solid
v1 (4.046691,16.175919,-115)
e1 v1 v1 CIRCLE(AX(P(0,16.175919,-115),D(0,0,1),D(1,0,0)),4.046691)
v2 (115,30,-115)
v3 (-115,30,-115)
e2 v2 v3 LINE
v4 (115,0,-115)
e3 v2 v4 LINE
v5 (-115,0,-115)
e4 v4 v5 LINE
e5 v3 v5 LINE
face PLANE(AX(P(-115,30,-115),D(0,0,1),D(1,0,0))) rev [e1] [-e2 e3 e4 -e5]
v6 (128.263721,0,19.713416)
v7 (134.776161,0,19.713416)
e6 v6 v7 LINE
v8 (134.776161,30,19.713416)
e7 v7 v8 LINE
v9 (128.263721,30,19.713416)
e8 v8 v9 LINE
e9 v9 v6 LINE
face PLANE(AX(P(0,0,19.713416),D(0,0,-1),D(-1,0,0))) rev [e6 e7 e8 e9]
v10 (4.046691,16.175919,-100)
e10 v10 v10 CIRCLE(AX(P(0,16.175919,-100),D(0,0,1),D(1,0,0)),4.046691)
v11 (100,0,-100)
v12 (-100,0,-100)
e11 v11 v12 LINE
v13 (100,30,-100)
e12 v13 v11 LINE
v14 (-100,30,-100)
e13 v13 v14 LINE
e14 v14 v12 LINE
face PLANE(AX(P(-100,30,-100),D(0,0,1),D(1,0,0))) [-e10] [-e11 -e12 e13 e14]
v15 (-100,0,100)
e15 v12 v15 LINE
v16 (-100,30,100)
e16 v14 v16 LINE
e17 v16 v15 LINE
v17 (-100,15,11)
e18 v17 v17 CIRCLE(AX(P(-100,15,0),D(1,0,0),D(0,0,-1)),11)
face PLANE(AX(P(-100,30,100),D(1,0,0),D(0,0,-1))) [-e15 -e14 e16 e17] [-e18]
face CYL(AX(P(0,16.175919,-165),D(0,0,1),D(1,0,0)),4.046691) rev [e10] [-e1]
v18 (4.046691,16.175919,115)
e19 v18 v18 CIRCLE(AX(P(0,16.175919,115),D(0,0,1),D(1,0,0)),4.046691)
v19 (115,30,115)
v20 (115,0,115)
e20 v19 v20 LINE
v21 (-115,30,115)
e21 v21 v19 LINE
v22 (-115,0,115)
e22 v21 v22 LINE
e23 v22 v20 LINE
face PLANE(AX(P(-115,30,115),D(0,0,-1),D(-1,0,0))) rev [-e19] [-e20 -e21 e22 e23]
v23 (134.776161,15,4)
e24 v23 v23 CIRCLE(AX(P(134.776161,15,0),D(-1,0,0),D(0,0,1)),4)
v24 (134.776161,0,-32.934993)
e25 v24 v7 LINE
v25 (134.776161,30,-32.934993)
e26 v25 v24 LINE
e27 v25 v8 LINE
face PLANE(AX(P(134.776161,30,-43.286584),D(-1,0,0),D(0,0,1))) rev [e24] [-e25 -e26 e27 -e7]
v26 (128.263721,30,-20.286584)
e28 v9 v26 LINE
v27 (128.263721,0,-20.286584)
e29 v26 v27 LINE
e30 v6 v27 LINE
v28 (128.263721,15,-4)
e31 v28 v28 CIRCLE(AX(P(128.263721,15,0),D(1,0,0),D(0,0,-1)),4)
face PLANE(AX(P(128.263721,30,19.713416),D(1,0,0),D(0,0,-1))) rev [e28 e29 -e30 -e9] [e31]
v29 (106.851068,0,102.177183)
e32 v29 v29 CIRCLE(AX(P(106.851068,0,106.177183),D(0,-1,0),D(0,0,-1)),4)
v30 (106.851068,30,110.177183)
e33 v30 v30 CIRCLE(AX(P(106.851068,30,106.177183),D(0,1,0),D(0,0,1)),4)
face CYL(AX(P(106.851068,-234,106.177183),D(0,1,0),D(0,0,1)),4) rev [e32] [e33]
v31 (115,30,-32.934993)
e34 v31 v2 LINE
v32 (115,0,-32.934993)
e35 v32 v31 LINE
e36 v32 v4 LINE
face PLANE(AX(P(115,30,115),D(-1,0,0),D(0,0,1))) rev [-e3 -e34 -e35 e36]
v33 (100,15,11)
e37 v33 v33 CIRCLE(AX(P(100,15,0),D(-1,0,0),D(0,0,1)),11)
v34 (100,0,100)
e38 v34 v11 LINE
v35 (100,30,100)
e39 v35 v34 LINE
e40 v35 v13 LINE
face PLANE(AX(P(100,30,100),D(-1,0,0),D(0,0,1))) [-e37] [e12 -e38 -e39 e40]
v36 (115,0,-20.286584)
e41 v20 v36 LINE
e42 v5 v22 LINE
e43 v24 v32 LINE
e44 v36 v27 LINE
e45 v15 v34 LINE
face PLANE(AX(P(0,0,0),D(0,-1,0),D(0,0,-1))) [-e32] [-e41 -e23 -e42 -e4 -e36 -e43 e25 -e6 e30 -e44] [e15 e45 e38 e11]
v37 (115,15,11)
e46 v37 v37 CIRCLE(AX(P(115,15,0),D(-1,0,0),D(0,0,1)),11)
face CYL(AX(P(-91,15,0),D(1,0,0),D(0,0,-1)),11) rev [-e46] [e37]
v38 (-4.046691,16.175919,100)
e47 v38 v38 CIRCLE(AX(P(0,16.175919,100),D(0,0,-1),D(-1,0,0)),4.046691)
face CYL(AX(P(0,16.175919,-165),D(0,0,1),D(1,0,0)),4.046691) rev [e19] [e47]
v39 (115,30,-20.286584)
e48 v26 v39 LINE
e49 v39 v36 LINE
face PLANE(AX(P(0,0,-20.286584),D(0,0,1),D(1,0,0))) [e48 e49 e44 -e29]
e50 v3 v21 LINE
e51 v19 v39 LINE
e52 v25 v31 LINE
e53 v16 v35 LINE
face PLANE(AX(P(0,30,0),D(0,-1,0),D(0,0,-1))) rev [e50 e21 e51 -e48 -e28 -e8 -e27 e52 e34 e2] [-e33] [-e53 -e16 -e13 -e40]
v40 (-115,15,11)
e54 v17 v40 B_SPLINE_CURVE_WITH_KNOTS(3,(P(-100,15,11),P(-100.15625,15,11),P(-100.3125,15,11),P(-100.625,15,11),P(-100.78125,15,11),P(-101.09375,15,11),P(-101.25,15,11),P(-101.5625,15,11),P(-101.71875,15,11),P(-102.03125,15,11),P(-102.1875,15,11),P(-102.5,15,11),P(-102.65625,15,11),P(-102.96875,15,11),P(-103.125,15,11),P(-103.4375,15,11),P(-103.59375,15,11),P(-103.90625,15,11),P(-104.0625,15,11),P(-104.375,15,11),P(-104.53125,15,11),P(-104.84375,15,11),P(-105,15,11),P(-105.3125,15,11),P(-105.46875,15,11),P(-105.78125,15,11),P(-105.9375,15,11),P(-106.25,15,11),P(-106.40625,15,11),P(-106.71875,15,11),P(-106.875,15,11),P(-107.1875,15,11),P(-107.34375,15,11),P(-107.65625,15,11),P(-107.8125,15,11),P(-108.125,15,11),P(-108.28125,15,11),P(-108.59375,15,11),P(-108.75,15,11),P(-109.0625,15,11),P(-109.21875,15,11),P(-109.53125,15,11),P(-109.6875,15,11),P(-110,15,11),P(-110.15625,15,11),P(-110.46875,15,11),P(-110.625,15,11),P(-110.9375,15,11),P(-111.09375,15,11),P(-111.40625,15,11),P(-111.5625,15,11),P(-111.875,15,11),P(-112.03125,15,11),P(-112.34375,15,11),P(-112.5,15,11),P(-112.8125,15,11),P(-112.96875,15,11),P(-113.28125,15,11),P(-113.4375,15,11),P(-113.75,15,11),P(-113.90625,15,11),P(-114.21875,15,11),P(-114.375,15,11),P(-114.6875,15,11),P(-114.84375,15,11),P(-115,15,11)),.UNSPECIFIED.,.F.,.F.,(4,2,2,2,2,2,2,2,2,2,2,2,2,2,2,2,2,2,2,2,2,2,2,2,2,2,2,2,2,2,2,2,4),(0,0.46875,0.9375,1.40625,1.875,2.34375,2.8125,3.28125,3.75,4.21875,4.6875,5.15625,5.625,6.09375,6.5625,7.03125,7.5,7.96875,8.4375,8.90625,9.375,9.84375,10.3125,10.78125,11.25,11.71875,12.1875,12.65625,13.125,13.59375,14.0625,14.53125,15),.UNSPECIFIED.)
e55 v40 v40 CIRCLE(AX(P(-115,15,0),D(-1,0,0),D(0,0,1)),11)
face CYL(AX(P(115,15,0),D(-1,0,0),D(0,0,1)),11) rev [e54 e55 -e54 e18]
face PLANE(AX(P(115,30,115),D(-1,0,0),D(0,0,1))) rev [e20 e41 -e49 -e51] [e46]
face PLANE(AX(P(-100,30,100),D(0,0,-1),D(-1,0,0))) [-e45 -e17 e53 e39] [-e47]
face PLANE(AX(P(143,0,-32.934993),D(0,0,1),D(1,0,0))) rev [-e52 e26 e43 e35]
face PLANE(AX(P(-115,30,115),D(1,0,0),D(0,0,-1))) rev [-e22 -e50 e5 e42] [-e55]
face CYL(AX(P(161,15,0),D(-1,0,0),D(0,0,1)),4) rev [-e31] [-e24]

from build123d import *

# Parameters (mm, degrees)
SKETCH1_W           = 230
SKETCH1_H           = 230
SKETCH1_W_2         = 200
SKETCH1_H_2         = 200
BOSS_EXTRUDE1_DEPTH = 30
SKETCH2_R           = 11
CUT_EXTRUDE3_DEPTH  = 206
SKETCH3_W           = 12.648408852
SKETCH3_H           = 30
BOSS_EXTRUDE2_DEPTH = 28
SKETCH4_W           = 33.277006623
SKETCH4_H           = 30
BOSS_EXTRUDE4_DEPTH = 41
SKETCH6_R           = 4
CUT_EXTRUDE4_DEPTH  = 218
SKETCH8_R           = 4.046690546
CUT_EXTRUDE6_DEPTH  = 280
CUT_EXTRUDE7_START  = -230
SKETCH9_R           = 11
CUT_EXTRUDE7_DEPTH  = 230
SKETCH11_W          = 19.776160892
SKETCH11_H          = 30
CUT_EXTRUDE8_DEPTH  = 41
SKETCH12_R          = 4
CUT_EXTRUDE9_DEPTH  = 264
SKETCH13_R          = 4
CUT_EXTRUDE10_DEPTH = 264
SKETCH15_W          = 8.223839108
SKETCH15_H          = 30
CUT_EXTRUDE11_DEPTH = 64
SKETCH16_W          = 6.512440182
SKETCH16_H          = 30
BOSS_EXTRUDE5_DEPTH = 40
SKETCH17_R          = 4
CUT_EXTRUDE12_DEPTH = 276


with BuildPart() as part:
    # Sketch1 → Boss-Extrude1 (new body)
    with BuildSketch(Plane(origin=(0, 0, 0), x_dir=(1, 0, 0), z_dir=(0, 1, 0))):
        Rectangle(SKETCH1_W, SKETCH1_H)
        Rectangle(SKETCH1_W_2, SKETCH1_H_2, mode=Mode.SUBTRACT)
    extrude(amount=BOSS_EXTRUDE1_DEPTH)

    # Sketch2 → Cut-Extrude3 (cut)
    with BuildSketch(Plane(origin=(115, 0, 0), x_dir=(0, 0, -1), z_dir=(1, 0, 0))):
        with Locations((0, 15)):
            Circle(SKETCH2_R)
    extrude(amount=-CUT_EXTRUDE3_DEPTH, mode=Mode.SUBTRACT)

    # Sketch3 → Boss-Extrude2 (add)
    with BuildSketch(Plane(origin=(115, 0, 0), x_dir=(0, 0, -1), z_dir=(1, 0, 0))):
        with Locations((26.610788675, 15)):
            Rectangle(SKETCH3_W, SKETCH3_H)
    extrude(amount=BOSS_EXTRUDE2_DEPTH)

    # Sketch4 → Boss-Extrude4 (add)
    with BuildSketch(Plane.XY.offset(-20.286584249)):
        with Locations((126.361496689, 15)):
            Rectangle(SKETCH4_W, SKETCH4_H)
    extrude(amount=BOSS_EXTRUDE4_DEPTH)

    # Sketch6 → Cut-Extrude4 (cut)
    with BuildSketch(Plane.ZY.offset(115)):
        with Locations((0, 15)):
            Circle(SKETCH6_R)
    extrude(amount=-CUT_EXTRUDE4_DEPTH, mode=Mode.SUBTRACT)

    # Sketch8 → Cut-Extrude6 (cut)
    with BuildSketch(Plane.XY.offset(115)):
        with Locations((0, 16.175919114)):
            Circle(SKETCH8_R)
    extrude(amount=-CUT_EXTRUDE6_DEPTH, mode=Mode.SUBTRACT)

    # Sketch9 → Cut-Extrude7 (cut)
    with BuildSketch(Plane.ZY.offset(115).offset(CUT_EXTRUDE7_START)):
        with Locations((0, 15)):
            Circle(SKETCH9_R)
    extrude(amount=CUT_EXTRUDE7_DEPTH, mode=Mode.SUBTRACT)

    # Sketch11 → Cut-Extrude8 (cut)
    with BuildSketch(Plane.XY.offset(20.713415751)):
        with Locations((124.888080446, 15)):
            Rectangle(SKETCH11_W, SKETCH11_H)
    extrude(amount=-CUT_EXTRUDE8_DEPTH, mode=Mode.SUBTRACT)

    # Sketch12 → Cut-Extrude9 (cut)
    with BuildSketch(Plane.ZY.offset(115)):
        with Locations((0, 15)):
            Circle(SKETCH12_R)
    extrude(amount=-CUT_EXTRUDE9_DEPTH, mode=Mode.SUBTRACT)

    # Sketch13 → Cut-Extrude10 (cut)
    with BuildSketch(Plane(origin=(0, 30, 0), x_dir=(1, 0, 0), z_dir=(0, 1, 0))):
        with Locations(Location((106.851068212, -106.17718303, 0), (0, 0, 270))):
            Circle(SKETCH13_R)
    extrude(amount=-CUT_EXTRUDE10_DEPTH, mode=Mode.SUBTRACT)

    # Sketch15 → Cut-Extrude11 (cut)
    with BuildSketch(Plane.XY.offset(20.713415751)):
        with Locations((138.888080446, 15)):
            Rectangle(SKETCH15_W, SKETCH15_H)
    extrude(amount=-CUT_EXTRUDE11_DEPTH, mode=Mode.SUBTRACT)

    # Sketch16 → Boss-Extrude5 (add)
    with BuildSketch(Plane.XY.offset(-20.286584249)):
        with Locations((131.519940801, 15)):
            Rectangle(SKETCH16_W, SKETCH16_H)
    extrude(amount=BOSS_EXTRUDE5_DEPTH)

    # Sketch17 → Cut-Extrude12 (cut)
    with BuildSketch(Plane.ZY.offset(115)):
        with Locations((0, 15)):
            Circle(SKETCH17_R)
    extrude(amount=-CUT_EXTRUDE12_DEPTH, mode=Mode.SUBTRACT)


solid = part.part
